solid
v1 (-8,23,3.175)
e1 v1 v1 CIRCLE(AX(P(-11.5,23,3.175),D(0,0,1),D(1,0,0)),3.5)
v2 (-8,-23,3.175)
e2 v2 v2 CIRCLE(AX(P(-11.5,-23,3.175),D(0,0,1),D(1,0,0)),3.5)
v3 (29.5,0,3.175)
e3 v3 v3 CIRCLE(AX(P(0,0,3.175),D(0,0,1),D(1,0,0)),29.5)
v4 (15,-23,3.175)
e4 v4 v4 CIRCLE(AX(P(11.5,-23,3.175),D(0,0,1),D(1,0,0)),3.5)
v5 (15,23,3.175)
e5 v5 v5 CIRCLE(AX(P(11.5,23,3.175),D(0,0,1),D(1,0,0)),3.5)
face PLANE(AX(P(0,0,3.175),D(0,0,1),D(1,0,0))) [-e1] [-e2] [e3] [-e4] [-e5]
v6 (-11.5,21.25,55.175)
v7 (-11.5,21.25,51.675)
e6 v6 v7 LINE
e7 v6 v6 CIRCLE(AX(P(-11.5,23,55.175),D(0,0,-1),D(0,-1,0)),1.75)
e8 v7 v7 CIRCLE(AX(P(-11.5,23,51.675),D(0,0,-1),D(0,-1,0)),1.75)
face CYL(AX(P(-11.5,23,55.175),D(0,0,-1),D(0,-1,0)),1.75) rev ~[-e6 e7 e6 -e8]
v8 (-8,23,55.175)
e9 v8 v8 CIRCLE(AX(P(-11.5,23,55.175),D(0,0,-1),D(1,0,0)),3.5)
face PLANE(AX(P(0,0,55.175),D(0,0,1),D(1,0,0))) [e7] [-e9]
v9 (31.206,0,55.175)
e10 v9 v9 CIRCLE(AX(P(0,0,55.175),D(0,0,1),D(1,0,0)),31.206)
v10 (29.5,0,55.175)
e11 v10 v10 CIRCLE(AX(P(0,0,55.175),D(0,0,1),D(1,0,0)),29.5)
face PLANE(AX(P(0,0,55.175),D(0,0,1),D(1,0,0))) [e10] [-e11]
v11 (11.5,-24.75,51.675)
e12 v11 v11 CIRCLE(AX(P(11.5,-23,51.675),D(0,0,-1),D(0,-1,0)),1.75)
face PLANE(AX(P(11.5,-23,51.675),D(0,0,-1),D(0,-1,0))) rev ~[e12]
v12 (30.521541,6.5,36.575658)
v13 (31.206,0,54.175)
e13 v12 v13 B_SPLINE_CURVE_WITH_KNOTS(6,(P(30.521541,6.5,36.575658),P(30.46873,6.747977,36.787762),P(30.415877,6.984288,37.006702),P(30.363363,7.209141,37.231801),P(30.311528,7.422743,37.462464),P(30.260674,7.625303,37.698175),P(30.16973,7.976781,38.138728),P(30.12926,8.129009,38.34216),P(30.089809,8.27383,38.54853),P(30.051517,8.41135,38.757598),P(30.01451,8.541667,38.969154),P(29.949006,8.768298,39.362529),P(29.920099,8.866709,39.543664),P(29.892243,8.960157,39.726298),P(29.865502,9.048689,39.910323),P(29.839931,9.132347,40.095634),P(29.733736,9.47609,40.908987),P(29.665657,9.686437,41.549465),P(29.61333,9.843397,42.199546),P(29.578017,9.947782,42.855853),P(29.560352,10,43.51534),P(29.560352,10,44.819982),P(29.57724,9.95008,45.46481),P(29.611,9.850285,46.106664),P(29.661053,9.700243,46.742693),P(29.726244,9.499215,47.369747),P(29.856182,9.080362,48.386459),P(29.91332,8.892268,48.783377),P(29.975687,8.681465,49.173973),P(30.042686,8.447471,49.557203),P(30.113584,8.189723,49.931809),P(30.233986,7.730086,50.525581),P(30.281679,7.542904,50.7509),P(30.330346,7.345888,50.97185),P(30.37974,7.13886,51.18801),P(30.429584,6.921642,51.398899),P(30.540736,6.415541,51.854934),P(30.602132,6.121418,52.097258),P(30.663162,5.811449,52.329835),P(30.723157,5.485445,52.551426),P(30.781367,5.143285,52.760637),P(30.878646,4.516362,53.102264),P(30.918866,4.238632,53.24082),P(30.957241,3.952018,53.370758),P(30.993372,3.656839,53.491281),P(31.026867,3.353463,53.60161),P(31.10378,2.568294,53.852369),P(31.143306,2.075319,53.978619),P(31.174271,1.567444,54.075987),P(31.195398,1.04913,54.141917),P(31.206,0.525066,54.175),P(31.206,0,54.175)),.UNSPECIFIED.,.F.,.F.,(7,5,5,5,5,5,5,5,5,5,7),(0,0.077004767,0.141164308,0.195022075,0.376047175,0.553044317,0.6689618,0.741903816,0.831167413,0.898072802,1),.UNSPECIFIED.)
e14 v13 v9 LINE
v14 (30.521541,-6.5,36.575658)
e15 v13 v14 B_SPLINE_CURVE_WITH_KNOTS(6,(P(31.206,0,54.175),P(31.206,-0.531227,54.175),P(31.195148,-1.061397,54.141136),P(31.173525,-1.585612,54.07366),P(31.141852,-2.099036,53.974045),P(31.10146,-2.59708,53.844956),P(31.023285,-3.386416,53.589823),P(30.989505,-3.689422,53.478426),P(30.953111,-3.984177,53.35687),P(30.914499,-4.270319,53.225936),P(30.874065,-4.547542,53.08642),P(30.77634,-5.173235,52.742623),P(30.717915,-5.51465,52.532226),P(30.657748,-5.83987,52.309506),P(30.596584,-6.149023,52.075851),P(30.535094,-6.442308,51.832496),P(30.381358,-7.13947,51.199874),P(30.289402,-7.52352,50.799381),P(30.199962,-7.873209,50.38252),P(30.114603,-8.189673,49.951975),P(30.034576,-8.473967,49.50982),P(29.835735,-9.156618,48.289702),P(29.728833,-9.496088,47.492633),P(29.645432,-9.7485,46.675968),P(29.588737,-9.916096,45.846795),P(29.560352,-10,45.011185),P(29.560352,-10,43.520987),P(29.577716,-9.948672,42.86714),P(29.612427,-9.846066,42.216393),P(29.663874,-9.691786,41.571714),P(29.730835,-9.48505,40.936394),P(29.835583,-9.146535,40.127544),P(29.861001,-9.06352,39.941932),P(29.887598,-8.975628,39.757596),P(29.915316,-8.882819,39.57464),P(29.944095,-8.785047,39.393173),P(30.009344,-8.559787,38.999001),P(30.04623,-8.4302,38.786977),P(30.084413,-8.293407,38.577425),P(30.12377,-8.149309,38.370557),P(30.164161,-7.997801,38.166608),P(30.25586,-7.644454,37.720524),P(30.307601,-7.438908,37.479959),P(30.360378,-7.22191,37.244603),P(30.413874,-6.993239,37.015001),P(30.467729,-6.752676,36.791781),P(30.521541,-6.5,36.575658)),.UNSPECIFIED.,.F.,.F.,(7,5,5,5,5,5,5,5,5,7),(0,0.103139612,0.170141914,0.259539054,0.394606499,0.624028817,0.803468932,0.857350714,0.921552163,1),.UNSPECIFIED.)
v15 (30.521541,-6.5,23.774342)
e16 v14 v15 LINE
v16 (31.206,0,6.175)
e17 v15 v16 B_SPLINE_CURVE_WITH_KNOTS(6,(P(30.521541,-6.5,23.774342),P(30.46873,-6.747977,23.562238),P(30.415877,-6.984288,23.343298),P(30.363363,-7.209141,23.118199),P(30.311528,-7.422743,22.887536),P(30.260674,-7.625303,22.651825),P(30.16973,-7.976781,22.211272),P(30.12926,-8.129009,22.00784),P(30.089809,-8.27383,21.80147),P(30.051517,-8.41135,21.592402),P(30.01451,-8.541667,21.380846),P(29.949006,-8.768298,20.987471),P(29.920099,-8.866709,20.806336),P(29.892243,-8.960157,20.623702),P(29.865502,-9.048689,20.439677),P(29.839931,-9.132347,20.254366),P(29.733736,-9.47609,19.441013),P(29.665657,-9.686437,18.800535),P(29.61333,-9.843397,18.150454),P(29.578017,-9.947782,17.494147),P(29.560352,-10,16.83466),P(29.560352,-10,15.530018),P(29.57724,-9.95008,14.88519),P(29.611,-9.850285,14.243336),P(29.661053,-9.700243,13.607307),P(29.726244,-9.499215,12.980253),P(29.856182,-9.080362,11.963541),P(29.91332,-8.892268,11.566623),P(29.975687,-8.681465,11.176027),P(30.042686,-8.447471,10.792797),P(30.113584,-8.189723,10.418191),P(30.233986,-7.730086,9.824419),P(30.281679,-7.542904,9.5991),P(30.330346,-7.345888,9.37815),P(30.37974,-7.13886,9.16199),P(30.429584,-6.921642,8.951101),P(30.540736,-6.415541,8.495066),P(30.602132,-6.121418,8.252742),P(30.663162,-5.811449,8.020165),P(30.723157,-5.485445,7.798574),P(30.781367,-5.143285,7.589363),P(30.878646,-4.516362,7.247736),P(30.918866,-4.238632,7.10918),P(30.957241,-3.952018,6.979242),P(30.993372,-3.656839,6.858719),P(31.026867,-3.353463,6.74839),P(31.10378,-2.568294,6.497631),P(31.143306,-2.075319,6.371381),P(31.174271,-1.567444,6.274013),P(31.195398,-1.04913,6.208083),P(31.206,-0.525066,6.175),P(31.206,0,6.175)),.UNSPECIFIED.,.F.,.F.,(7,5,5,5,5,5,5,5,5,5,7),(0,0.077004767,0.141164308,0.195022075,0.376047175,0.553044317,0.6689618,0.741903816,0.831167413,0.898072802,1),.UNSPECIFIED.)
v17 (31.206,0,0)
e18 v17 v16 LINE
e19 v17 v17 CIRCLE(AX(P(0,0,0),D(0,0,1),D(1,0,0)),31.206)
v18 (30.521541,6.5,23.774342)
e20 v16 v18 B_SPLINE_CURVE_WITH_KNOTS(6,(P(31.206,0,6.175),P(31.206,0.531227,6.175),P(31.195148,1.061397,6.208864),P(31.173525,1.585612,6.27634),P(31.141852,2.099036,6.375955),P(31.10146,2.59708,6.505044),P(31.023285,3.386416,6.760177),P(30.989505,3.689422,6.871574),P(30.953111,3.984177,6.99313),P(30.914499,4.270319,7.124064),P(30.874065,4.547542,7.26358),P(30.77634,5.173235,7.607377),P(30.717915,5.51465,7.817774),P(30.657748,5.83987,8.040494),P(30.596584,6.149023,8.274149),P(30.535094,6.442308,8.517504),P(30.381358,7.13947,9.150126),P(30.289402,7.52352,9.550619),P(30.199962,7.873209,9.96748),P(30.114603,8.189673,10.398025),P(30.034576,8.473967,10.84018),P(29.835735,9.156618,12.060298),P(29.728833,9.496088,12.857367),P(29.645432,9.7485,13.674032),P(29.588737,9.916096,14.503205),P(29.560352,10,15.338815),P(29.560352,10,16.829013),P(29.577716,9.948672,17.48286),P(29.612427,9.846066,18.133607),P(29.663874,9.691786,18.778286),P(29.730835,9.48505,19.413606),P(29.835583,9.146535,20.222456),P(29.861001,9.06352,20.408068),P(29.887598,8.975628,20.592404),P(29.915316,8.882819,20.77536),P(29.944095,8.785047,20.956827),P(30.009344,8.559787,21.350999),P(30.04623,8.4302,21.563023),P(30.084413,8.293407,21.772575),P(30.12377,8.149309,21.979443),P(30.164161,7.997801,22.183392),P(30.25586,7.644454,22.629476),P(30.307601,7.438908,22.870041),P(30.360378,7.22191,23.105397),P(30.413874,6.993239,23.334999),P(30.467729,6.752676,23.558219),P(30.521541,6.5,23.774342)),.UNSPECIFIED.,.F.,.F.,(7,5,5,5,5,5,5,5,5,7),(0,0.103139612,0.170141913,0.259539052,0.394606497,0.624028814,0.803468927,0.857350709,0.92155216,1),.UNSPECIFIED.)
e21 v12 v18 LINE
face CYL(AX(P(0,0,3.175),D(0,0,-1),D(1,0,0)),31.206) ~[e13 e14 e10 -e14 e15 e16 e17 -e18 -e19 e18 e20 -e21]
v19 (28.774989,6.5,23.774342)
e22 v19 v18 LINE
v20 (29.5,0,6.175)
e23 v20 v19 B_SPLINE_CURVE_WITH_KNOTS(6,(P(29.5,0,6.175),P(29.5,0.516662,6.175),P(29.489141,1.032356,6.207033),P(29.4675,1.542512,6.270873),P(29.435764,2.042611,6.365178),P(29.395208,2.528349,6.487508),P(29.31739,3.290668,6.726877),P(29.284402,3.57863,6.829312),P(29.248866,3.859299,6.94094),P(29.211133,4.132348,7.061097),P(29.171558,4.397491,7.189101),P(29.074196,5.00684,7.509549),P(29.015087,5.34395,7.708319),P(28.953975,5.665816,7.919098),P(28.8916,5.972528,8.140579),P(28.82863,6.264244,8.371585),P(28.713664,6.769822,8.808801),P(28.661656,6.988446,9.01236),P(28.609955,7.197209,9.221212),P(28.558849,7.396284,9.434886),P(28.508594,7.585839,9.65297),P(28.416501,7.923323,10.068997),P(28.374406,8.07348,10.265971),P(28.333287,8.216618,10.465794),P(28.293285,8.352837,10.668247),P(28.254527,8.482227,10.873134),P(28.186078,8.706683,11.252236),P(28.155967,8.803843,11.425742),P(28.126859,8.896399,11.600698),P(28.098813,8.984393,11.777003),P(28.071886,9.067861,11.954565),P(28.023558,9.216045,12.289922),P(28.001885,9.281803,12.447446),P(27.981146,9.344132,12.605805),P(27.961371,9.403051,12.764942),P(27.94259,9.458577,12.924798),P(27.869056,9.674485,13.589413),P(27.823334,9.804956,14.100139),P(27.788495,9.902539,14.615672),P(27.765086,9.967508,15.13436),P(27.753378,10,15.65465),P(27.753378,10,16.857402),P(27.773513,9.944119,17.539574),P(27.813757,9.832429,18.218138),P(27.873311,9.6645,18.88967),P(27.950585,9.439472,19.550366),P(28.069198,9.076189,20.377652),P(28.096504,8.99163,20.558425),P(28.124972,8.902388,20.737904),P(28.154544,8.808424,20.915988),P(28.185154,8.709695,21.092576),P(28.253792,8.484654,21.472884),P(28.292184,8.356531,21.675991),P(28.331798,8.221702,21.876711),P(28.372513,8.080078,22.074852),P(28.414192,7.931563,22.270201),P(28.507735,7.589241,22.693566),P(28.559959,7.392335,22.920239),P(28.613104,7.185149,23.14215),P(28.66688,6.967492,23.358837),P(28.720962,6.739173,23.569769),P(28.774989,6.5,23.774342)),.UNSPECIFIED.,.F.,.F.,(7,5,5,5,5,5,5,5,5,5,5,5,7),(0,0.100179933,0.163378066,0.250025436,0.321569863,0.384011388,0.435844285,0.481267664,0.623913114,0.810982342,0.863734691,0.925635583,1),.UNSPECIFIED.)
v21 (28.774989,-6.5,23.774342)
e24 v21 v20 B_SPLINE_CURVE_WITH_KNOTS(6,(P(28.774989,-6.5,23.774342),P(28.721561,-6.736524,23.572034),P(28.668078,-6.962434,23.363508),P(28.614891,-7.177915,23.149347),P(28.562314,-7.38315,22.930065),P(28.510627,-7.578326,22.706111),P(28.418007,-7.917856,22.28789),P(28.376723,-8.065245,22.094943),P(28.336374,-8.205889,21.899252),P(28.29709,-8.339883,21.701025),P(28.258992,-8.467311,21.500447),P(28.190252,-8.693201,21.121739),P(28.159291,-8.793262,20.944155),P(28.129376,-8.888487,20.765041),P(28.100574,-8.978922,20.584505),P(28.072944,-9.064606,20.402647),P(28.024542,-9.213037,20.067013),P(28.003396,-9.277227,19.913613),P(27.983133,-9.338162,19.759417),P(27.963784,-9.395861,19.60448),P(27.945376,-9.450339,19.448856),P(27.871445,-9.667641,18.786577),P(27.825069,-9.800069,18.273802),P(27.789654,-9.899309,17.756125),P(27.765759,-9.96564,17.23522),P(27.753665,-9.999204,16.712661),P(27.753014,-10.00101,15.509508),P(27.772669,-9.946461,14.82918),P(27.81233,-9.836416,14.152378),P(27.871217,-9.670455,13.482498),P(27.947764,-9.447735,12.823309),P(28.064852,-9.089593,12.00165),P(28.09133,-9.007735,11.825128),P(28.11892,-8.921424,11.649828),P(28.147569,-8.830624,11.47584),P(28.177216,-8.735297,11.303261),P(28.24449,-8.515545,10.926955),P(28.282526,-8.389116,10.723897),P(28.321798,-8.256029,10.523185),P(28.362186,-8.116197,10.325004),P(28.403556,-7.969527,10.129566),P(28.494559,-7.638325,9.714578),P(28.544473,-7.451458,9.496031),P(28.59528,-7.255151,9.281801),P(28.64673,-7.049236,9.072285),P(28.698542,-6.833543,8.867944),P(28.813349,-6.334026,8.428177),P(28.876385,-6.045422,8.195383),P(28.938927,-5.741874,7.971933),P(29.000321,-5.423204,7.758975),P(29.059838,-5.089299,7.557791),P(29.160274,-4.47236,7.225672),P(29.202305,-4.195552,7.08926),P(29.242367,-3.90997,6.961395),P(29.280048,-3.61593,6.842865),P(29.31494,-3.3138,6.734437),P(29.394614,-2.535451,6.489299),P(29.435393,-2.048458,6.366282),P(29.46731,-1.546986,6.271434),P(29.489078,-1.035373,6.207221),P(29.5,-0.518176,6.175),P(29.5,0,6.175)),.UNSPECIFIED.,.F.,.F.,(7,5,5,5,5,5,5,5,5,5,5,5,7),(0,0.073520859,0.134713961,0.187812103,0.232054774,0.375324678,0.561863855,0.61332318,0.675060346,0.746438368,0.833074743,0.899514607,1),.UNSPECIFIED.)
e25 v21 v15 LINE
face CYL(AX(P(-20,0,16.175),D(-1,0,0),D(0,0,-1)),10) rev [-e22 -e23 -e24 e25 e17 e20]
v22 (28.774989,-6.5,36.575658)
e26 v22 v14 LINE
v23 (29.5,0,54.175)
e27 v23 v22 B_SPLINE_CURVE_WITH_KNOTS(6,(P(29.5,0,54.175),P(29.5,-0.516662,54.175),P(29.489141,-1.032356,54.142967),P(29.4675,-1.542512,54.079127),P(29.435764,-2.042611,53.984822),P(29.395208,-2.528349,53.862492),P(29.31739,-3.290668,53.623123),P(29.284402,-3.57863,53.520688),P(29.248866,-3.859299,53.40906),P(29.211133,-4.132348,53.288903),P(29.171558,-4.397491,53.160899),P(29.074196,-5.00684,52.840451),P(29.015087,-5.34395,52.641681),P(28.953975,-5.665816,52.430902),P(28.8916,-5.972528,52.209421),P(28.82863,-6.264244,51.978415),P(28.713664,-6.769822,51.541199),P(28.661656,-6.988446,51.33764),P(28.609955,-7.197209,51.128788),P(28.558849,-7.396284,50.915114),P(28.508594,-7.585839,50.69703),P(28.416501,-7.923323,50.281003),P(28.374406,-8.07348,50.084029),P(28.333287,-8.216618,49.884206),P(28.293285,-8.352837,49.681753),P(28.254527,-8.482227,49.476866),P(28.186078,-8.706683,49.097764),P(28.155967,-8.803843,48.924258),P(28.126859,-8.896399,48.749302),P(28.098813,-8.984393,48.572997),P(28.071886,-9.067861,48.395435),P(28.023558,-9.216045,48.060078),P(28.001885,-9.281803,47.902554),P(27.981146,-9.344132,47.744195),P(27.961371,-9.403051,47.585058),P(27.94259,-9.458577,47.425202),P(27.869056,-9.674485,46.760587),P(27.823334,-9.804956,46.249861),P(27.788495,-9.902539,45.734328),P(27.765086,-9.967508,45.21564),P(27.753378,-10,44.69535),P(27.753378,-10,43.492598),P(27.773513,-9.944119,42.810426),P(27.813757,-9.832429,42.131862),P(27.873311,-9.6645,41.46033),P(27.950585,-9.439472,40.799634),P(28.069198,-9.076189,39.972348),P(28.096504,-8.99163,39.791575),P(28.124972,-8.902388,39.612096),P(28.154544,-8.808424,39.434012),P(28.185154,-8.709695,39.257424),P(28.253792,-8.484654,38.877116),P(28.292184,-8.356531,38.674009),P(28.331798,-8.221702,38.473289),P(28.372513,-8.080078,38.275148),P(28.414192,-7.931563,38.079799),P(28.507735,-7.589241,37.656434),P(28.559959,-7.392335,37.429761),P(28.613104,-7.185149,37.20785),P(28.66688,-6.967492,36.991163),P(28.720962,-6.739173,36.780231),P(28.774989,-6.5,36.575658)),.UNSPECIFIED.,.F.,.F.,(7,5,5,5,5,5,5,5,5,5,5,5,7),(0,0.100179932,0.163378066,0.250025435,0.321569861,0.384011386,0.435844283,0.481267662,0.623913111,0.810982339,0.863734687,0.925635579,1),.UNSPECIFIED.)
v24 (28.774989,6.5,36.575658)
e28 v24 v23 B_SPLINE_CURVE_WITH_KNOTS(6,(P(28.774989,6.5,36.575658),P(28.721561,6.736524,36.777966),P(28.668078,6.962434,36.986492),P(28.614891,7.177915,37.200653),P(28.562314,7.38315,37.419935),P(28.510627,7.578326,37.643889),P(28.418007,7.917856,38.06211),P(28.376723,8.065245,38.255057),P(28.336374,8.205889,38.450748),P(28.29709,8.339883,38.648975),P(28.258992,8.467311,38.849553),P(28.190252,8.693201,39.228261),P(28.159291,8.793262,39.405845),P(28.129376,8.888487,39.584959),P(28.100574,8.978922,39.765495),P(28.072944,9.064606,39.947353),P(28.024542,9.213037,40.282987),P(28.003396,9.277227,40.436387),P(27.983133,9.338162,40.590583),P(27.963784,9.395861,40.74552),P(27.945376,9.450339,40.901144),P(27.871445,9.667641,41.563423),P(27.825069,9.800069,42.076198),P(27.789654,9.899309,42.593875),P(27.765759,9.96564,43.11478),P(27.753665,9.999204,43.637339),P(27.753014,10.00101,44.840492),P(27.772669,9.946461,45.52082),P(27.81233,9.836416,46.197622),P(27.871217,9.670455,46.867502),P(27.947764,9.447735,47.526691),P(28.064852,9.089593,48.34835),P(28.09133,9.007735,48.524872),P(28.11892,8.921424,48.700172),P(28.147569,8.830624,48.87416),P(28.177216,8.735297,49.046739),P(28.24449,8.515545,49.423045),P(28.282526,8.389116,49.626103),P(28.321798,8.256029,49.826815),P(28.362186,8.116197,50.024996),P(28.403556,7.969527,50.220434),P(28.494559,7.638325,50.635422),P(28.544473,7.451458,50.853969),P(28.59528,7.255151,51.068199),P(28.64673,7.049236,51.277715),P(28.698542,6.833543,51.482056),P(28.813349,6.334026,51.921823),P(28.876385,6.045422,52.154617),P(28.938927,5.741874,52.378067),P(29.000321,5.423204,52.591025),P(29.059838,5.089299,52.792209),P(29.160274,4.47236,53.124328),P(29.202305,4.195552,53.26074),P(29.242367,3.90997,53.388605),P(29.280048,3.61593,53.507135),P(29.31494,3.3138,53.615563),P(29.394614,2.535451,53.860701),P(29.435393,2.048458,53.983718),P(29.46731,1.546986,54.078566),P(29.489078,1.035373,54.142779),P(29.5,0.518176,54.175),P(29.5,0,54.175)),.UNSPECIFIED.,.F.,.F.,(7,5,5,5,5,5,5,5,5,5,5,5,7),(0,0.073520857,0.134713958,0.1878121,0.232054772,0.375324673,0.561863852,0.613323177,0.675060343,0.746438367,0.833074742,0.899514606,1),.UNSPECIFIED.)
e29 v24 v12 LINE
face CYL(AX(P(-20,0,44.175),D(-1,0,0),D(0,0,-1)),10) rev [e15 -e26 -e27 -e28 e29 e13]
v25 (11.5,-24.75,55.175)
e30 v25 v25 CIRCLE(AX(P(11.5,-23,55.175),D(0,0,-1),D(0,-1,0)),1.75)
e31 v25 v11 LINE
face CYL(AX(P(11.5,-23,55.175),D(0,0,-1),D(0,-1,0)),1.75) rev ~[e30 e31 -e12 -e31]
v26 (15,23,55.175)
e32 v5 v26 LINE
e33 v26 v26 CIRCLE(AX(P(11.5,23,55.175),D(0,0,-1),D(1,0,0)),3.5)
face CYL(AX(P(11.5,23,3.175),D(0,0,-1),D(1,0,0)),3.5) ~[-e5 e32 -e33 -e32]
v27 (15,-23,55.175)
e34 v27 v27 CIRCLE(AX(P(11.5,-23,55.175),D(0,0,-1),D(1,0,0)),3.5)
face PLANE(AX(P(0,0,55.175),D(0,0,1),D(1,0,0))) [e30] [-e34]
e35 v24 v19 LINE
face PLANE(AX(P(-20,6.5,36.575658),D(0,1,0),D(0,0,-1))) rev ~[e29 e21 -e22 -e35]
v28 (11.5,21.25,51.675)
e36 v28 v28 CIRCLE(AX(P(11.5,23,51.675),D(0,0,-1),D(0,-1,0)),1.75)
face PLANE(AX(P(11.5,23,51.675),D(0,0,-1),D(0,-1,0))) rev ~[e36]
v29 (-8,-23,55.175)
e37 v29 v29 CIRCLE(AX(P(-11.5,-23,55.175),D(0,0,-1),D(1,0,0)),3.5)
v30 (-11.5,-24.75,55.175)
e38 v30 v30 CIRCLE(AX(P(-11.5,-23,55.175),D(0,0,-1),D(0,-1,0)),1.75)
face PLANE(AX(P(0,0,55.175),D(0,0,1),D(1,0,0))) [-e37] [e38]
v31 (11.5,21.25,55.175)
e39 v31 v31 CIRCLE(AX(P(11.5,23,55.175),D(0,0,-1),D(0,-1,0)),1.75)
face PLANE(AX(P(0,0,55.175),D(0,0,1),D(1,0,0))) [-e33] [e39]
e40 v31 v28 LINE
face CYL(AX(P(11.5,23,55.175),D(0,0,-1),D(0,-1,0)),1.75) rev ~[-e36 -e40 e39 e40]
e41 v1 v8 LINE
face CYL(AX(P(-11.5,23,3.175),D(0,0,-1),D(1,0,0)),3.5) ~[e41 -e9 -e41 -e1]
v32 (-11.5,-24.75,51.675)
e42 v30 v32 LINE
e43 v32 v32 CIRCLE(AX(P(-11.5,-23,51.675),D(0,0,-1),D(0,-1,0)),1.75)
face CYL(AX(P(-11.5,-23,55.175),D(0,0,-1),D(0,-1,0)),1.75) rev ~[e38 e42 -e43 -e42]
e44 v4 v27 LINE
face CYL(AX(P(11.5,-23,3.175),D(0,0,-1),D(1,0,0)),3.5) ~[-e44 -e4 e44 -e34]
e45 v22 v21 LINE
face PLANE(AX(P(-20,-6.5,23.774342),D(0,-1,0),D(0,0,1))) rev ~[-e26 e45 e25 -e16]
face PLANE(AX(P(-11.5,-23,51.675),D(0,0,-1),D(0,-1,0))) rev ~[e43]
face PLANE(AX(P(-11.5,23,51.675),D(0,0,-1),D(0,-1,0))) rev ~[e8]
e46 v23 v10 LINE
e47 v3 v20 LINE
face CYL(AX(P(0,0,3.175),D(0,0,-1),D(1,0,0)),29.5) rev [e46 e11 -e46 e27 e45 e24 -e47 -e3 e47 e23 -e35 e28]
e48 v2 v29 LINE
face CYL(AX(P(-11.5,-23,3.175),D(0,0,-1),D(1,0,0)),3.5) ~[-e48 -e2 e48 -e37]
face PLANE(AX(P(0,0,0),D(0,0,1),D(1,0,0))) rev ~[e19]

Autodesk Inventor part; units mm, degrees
ref_plane "YZ Plane" through (0, 0, 0) normal (1, 0, 0) x (0, 1, 0)
ref_plane "XZ Plane" through (0, 0, 0) normal (0, 1, 0) x (-1, 0, 0)
ref_plane "XY Plane" through (0, 0, 0) normal (0, 0, 1) x (1, 0, 0)
sketch "Sketch1" plane through (0, 0, 0) normal (0, 0, 1) x (1, 0, 0)
  circle A0 centre (0, 0) radius 31.206
  dimension "d0" = 62.412
extrude "Extrusion1" add sketch "Sketch1" along normal blind 3.175
sketch "Sketch2" plane through (0, 0, 3.175) normal (0, 0, 1) x (1, 0, 0)
  circle A0 centre (0, 0) radius 31.206
  circle A1 centre (0, 0) radius 29.5
  dimension "d3" = 59
sketch "Sketch3" plane through (0, 0, 3.175) normal (0, 0, 1) x (1, 0, 0)
  line L0 (0, 0) -> (-20, 0)
  line L1 (-20, 0) -> (-20, 18)
  line L2 (-20, 18) -> (-23.175, 18)
  line L3 (-23.175, 18) -> (-23.175, -18)
  line L4 (-23.175, -18) -> (-20, -18)
  line L5 (-20, -18) -> (-20, 18)
  dimension "d4" = 20
  dimension "d5" = 18
  dimension "d6" = 3.175
  dimension "d7" = 36
extrude "Extrusion2" add sketch "Sketch3" along normal blind 52
sketch "Sketch4" plane through (-20, -18, 3.175) normal (1, 0, 0) x (0, 0, -1)
  line L0 (0, 49.206) -> (0, -13.206) projected
  line L1 (-52, 36) -> (-52, 0) projected
  line L2 (-27, 18) -> (-3, 18)
  line L3 (-3, 18) -> (-51, 18)
  line L4 (-27, 18) -> (-41, 18)
  line L5 (-41, 18) -> (-13, 18)
  circle A0 centre (-41, 18) radius 10
  circle A1 centre (-13, 18) radius 10
  line L6 (-13, 18) -> (-41, 18)
  line L7 (-41, 18) -> (-41, 24.5)
  line L8 (-41, 24.5) -> (-13, 24.5)
  line L9 (-13, 24.5) -> (-13, 18)
  line L10 (-41, 24.5) -> (-13, 24.5)
  line L11 (-13, 24.5) -> (-13, 11.5)
  line L12 (-13, 11.5) -> (-41, 11.5)
  line L13 (-41, 11.5) -> (-41, 24.5)
  point P0 (3.175, 18)
  dimension "d34" = 24
  dimension "d35" = 48
  dimension "d36" = 14
  dimension "d37" = 28
  dimension "d38" = 20
  dimension "d39" = 20
  dimension "d40" = 6.5
  dimension "d41" = 13
extrude "Extrusion3" add sketch "Sketch2" along normal blind 52
sketch "Sketch5" plane through (0, 0, 3.175) normal (0, 0, 1) x (1, 0, 0)
  line L0 (0, 0) -> (0, 23)
  line L1 (0, 23) -> (11.5, 23)
  line L2 (11.5, 23) -> (-11.5, 23)
  line L3 (-11.5, 23) -> (-11.5, -23)
  line L4 (-11.5, -23) -> (11.5, -23)
  line L5 (11.5, -23) -> (11.5, 23)
  circle A0 centre (-11.5, 23) radius 3.5
  circle A1 centre (11.5, 23) radius 3.5
  circle A2 centre (-11.5, -23) radius 3.5
  circle A3 centre (11.5, -23) radius 3.5
  dimension "d16" = 23
  dimension "d17" = 11.5
  dimension "d18" = 23
  dimension "d19" = 46
  dimension "d20" = 7
  dimension "d21" = 7
  dimension "d22" = 7
  dimension "d23" = 7
extrude "Extrusion4" add sketch "Sketch5" along normal blind 52 contours A1 L5 L1 | L1 L5 A1 | A0 L3 L2 | L2 L3 A0 | A3 L4 L5 | L5 L4 A3 | A2 L4 L3 | L3 L4 A2
sketch "Sketch6" plane through (-11.5, 23, 55.175) normal (0, 0, 1) x (1, 0, 0)
  circle A0 centre (0, 0) radius 3.5 projected
  circle A1 centre (23, 0) radius 3.5 projected
  circle A2 centre (23, -46) radius 3.5 projected
  circle A3 centre (0, -46) radius 3.5 projected
  point P0 (11.5, -23)
hole "Hole1" at (-11.5, 23, 55.175) at (11.5, 23, 55.175) at (11.5, -23, 55.175) at (-11.5, -23, 55.175) direction (0, 0, -1) diameter 3.5 depth 3.5
extrude "Extrusion5" cut sketch "Sketch4" along normal blind 52
sketch "Sketch7" plane through (0, 0, 55.175) normal (0, 0, 1) x (1, 0, 0)
  line L0 (-20, 18) -> (-23.175, 18) projected
  line L1 (-23.175, 18) -> (-23.175, -18) projected
  line L2 (-20, 18) -> (-23.175, 18)
  line L3 (-23.175, 18) -> (-23.175, -18)
  line L4 (-23.175, -18) -> (-20, -18)
  line L5 (-20, -18) -> (-20, 18)
  point P0 (0, 0)
extrude "Extrusion6" cut sketch "Sketch7" against normal blind 52
properties part number "LidarLiteV3Lid"
